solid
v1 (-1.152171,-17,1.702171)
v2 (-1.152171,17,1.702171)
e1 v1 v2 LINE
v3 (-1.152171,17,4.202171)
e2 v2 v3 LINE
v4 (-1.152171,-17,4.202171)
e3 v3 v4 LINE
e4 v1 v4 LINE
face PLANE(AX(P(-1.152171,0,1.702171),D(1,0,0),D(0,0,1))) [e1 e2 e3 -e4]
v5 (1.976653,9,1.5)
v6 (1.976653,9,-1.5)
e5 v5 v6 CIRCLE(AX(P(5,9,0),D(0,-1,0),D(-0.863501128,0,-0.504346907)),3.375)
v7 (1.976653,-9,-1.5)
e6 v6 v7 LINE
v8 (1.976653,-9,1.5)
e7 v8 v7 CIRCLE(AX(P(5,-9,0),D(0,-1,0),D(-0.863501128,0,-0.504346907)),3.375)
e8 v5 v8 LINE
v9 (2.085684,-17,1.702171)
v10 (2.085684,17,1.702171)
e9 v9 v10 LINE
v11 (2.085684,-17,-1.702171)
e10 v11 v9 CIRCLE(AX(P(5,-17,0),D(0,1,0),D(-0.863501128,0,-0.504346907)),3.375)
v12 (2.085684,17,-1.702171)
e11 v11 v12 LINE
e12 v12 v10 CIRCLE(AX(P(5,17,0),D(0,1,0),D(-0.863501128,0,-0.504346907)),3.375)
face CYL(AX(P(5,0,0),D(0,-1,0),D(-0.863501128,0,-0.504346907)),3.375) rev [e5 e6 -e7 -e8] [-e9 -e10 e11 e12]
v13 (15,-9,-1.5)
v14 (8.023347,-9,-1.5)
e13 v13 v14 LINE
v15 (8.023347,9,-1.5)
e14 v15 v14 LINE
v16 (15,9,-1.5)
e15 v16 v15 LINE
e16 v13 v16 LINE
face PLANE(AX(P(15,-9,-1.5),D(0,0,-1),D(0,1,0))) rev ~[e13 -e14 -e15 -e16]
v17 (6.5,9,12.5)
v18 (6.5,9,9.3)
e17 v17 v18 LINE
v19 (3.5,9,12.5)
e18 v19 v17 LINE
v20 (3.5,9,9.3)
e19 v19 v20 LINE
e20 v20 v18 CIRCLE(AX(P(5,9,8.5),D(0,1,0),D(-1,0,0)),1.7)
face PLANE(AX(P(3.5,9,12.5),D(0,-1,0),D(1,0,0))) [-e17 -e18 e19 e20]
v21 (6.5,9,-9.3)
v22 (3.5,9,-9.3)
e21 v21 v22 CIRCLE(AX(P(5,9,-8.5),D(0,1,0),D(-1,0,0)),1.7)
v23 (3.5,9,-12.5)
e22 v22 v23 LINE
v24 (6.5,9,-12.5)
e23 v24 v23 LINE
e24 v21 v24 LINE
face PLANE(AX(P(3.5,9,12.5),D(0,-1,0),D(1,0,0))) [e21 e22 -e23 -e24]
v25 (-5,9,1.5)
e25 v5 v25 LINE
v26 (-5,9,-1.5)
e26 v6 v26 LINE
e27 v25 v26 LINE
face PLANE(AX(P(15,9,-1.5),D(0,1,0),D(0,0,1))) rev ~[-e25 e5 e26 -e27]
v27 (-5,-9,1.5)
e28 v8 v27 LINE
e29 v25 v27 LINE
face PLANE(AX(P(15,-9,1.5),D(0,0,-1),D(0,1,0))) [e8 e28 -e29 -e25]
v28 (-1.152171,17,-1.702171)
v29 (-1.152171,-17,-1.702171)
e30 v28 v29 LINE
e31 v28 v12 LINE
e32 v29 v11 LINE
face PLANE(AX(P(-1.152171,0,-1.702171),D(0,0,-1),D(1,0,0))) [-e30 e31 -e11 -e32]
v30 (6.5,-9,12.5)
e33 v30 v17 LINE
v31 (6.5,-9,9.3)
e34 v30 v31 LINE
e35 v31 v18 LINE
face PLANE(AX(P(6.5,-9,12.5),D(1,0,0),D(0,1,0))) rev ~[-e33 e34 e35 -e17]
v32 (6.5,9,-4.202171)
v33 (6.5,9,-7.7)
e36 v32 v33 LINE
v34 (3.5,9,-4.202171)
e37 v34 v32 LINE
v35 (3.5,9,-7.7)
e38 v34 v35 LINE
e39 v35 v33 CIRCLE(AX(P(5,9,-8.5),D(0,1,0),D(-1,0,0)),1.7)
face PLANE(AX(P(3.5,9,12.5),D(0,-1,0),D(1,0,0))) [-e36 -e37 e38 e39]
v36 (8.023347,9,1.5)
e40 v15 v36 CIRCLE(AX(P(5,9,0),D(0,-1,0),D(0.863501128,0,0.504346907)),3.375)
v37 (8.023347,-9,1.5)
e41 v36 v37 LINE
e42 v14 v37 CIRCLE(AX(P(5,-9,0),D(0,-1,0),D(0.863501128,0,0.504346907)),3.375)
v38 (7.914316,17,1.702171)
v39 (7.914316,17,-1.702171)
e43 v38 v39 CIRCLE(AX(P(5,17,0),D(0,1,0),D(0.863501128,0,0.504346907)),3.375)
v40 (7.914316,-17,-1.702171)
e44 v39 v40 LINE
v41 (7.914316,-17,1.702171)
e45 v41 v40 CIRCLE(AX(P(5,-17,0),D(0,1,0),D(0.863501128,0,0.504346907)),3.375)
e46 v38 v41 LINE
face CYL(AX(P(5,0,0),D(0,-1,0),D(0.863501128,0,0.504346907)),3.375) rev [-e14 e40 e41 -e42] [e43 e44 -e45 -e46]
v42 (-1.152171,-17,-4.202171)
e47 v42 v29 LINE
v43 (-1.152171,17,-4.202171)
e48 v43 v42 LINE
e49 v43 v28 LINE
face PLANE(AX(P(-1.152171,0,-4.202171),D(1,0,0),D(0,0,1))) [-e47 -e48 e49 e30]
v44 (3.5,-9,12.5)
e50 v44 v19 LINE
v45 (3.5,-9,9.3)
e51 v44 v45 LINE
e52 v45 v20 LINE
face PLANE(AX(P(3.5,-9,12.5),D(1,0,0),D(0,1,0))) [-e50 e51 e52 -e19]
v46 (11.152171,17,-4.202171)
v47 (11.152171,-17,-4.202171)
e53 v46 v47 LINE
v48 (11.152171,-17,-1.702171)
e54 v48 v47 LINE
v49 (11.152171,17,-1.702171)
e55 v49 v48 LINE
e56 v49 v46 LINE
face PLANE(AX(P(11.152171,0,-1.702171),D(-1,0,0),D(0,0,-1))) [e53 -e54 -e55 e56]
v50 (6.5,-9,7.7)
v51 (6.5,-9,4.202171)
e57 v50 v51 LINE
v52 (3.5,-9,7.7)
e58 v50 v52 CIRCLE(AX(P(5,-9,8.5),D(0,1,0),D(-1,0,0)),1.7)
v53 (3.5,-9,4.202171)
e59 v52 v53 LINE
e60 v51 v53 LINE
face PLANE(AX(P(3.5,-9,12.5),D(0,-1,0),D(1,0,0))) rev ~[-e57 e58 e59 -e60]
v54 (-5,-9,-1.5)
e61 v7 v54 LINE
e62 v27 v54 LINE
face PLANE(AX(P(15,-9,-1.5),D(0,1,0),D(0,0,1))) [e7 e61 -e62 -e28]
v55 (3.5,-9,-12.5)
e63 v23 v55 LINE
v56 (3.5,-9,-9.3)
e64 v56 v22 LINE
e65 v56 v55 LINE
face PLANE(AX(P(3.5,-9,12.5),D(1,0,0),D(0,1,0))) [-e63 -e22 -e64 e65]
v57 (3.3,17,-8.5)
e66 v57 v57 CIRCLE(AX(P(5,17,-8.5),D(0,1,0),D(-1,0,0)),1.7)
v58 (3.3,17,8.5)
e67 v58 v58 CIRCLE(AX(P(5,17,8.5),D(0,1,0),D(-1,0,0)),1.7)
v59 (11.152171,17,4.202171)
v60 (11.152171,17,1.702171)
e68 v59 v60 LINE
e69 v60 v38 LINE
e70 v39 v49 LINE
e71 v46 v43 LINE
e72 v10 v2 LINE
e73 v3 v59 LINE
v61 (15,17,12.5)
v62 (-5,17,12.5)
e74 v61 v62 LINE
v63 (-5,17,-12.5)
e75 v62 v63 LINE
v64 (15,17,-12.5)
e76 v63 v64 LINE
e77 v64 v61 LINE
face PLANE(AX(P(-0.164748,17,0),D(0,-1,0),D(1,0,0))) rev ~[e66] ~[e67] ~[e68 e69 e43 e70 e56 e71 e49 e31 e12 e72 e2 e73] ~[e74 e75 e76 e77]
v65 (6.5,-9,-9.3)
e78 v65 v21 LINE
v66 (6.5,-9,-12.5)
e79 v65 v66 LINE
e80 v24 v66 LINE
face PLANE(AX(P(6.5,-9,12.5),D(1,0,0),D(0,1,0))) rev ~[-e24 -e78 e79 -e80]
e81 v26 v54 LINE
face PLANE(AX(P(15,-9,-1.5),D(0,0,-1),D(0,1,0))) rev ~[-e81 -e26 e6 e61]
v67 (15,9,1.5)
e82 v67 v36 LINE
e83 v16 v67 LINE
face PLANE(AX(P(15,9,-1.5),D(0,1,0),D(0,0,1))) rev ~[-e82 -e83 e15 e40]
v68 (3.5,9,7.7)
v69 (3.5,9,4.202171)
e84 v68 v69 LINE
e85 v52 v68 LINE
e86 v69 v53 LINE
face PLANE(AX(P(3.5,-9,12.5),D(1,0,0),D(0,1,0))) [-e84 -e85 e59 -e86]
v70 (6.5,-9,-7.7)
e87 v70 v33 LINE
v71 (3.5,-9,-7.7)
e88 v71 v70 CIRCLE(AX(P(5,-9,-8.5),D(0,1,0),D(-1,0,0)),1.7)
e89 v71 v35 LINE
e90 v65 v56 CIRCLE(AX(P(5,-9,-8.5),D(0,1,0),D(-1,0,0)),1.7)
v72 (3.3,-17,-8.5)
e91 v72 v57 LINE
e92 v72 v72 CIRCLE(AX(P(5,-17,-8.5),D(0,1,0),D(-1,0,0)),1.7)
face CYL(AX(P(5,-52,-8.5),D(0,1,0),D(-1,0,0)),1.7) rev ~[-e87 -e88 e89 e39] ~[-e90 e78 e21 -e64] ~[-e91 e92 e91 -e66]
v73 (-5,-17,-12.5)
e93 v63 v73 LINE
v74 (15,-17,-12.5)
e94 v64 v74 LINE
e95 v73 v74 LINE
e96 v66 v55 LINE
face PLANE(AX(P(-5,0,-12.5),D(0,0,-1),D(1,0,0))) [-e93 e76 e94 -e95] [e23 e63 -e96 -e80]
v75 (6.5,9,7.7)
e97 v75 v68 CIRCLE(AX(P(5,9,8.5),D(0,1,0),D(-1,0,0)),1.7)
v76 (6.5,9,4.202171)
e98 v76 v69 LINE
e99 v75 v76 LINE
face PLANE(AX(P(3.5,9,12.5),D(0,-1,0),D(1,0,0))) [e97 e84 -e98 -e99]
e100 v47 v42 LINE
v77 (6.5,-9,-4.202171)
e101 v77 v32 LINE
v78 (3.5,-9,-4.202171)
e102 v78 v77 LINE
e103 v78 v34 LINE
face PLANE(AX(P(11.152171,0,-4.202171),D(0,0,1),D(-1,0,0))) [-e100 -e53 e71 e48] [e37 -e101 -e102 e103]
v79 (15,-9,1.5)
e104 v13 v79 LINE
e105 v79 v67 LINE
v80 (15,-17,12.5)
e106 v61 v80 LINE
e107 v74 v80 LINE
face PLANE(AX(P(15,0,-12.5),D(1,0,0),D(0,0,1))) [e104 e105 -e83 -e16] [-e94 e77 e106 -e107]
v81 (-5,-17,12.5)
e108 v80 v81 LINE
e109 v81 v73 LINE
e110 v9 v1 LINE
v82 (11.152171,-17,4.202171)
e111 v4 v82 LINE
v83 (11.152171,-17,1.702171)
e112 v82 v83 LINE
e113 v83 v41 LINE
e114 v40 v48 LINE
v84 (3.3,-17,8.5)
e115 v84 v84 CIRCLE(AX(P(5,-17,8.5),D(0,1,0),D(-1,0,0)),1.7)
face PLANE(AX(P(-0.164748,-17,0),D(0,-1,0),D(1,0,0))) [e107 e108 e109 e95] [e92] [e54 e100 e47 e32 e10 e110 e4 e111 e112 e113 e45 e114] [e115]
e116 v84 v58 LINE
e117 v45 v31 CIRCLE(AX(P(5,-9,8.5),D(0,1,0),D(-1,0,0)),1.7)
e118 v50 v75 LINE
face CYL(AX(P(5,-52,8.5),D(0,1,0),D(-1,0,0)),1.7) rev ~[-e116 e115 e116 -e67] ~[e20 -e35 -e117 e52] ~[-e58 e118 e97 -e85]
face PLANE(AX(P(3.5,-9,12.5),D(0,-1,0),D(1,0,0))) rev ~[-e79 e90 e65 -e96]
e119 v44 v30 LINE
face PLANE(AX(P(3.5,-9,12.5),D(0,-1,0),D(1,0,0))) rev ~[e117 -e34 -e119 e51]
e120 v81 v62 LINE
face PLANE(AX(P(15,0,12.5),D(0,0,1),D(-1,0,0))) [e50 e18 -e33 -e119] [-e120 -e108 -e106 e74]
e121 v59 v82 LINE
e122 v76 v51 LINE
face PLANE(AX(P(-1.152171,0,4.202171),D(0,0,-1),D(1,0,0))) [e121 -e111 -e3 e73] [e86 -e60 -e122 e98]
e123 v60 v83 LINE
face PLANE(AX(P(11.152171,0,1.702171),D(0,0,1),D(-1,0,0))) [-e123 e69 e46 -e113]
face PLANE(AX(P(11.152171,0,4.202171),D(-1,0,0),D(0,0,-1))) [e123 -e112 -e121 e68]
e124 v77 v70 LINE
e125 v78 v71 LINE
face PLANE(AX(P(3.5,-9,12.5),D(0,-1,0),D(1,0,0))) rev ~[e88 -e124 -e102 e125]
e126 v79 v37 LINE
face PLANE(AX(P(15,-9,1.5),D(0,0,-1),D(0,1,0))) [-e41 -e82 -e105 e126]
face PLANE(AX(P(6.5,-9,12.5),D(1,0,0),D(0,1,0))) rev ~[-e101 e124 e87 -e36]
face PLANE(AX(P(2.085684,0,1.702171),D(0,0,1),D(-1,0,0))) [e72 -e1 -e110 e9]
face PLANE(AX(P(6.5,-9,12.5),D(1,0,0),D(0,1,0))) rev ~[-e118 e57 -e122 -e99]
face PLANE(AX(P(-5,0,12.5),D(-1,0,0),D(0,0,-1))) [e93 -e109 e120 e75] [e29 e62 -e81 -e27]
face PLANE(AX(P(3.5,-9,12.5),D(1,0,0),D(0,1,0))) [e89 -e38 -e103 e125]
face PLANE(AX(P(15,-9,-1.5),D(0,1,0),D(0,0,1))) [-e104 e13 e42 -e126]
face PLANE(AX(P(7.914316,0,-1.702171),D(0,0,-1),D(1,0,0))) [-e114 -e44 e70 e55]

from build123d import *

# Parameters (mm, degrees)
F1_DEPTH = 17
F2_W     = 3
F2_H     = 18
F3_DEPTH = 25.001
F4_W     = 18
F4_H     = 3
F5_DEPTH = 20.001
F7_D     = 3.4
F7_DEPTH = 35
F7_TIP   = 1.0214630523


with BuildPart() as f1:
    # F0 (on Front) → F1 (new body, symmetric)
    with BuildSketch(Plane.XZ):
        with BuildLine():
            Line((-1.1521708115, 1.7021708115), (-1.1521708115, 4.2021708115))
            Line((-1.1521708115, 4.2021708115), (5, 4.2021708115))
            Line((5, 4.2021708115), (5, 12.5))
            Line((5, 12.5), (-5, 12.5))
            Line((-5, 12.5), (-5, -12.5))
            Line((-5, -12.5), (5, -12.5))
            Line((5, -12.5), (5, -4.2021708115))
            Line((5, -4.2021708115), (-1.1521708115, -4.2021708115))
            Line((-1.1521708115, -4.2021708115), (-1.1521708115, -1.7021708115))
            Line((-1.1521708115, -1.7021708115), (2.0856836945, -1.7021708115))
            ThreePointArc((2.0856836945, -1.7021708115), (1.625, 0), (2.0856836945, 1.7021708115))
            Line((2.0856836945, 1.7021708115), (-1.1521708115, 1.7021708115))
        make_face()
        with BuildLine():
            Line((5, 12.5), (5, 4.2021708115))
            Line((5, 4.2021708115), (11.1521708115, 4.2021708115))
            Line((11.1521708115, 4.2021708115), (11.1521708115, 1.7021708115))
            Line((11.1521708115, 1.7021708115), (7.9143163055, 1.7021708115))
            ThreePointArc((7.9143163055, 1.7021708115), (8.375, 0), (7.9143163055, -1.7021708115))
            Line((7.9143163055, -1.7021708115), (11.1521708115, -1.7021708115))
            Line((11.1521708115, -1.7021708115), (11.1521708115, -4.2021708115))
            Line((11.1521708115, -4.2021708115), (5, -4.2021708115))
            Line((5, -4.2021708115), (5, -12.5))
            Line((5, -12.5), (15, -12.5))
            Line((15, -12.5), (15, 12.5))
            Line((15, 12.5), (5, 12.5))
        make_face()
    extrude(amount=F1_DEPTH, both=True)

    # F2 (on face) → F3 (cut, through all)
    with BuildSketch(Plane.XY.offset(12.5)):
        with Locations((5, 0)):
            Rectangle(F2_W, F2_H)
    extrude(amount=-F3_DEPTH, mode=Mode.SUBTRACT)

    # F4 (on face) → F5 (cut, through all)
    with BuildSketch(Plane.YZ.offset(15)):
        Rectangle(F4_W, F4_H)
    extrude(amount=-F5_DEPTH, mode=Mode.SUBTRACT)

    # F7
    with Locations(Plane.XZ.offset(17)):
        with Locations((5, 8.5), (5, -8.5)):
            Hole(F7_D / 2, depth=F7_DEPTH)
            with Locations((0, 0, -(F7_DEPTH + F7_TIP / 2))):  # 118° drill point
                Cone(0, F7_D / 2, F7_TIP, mode=Mode.SUBTRACT)


solid = f1.part
